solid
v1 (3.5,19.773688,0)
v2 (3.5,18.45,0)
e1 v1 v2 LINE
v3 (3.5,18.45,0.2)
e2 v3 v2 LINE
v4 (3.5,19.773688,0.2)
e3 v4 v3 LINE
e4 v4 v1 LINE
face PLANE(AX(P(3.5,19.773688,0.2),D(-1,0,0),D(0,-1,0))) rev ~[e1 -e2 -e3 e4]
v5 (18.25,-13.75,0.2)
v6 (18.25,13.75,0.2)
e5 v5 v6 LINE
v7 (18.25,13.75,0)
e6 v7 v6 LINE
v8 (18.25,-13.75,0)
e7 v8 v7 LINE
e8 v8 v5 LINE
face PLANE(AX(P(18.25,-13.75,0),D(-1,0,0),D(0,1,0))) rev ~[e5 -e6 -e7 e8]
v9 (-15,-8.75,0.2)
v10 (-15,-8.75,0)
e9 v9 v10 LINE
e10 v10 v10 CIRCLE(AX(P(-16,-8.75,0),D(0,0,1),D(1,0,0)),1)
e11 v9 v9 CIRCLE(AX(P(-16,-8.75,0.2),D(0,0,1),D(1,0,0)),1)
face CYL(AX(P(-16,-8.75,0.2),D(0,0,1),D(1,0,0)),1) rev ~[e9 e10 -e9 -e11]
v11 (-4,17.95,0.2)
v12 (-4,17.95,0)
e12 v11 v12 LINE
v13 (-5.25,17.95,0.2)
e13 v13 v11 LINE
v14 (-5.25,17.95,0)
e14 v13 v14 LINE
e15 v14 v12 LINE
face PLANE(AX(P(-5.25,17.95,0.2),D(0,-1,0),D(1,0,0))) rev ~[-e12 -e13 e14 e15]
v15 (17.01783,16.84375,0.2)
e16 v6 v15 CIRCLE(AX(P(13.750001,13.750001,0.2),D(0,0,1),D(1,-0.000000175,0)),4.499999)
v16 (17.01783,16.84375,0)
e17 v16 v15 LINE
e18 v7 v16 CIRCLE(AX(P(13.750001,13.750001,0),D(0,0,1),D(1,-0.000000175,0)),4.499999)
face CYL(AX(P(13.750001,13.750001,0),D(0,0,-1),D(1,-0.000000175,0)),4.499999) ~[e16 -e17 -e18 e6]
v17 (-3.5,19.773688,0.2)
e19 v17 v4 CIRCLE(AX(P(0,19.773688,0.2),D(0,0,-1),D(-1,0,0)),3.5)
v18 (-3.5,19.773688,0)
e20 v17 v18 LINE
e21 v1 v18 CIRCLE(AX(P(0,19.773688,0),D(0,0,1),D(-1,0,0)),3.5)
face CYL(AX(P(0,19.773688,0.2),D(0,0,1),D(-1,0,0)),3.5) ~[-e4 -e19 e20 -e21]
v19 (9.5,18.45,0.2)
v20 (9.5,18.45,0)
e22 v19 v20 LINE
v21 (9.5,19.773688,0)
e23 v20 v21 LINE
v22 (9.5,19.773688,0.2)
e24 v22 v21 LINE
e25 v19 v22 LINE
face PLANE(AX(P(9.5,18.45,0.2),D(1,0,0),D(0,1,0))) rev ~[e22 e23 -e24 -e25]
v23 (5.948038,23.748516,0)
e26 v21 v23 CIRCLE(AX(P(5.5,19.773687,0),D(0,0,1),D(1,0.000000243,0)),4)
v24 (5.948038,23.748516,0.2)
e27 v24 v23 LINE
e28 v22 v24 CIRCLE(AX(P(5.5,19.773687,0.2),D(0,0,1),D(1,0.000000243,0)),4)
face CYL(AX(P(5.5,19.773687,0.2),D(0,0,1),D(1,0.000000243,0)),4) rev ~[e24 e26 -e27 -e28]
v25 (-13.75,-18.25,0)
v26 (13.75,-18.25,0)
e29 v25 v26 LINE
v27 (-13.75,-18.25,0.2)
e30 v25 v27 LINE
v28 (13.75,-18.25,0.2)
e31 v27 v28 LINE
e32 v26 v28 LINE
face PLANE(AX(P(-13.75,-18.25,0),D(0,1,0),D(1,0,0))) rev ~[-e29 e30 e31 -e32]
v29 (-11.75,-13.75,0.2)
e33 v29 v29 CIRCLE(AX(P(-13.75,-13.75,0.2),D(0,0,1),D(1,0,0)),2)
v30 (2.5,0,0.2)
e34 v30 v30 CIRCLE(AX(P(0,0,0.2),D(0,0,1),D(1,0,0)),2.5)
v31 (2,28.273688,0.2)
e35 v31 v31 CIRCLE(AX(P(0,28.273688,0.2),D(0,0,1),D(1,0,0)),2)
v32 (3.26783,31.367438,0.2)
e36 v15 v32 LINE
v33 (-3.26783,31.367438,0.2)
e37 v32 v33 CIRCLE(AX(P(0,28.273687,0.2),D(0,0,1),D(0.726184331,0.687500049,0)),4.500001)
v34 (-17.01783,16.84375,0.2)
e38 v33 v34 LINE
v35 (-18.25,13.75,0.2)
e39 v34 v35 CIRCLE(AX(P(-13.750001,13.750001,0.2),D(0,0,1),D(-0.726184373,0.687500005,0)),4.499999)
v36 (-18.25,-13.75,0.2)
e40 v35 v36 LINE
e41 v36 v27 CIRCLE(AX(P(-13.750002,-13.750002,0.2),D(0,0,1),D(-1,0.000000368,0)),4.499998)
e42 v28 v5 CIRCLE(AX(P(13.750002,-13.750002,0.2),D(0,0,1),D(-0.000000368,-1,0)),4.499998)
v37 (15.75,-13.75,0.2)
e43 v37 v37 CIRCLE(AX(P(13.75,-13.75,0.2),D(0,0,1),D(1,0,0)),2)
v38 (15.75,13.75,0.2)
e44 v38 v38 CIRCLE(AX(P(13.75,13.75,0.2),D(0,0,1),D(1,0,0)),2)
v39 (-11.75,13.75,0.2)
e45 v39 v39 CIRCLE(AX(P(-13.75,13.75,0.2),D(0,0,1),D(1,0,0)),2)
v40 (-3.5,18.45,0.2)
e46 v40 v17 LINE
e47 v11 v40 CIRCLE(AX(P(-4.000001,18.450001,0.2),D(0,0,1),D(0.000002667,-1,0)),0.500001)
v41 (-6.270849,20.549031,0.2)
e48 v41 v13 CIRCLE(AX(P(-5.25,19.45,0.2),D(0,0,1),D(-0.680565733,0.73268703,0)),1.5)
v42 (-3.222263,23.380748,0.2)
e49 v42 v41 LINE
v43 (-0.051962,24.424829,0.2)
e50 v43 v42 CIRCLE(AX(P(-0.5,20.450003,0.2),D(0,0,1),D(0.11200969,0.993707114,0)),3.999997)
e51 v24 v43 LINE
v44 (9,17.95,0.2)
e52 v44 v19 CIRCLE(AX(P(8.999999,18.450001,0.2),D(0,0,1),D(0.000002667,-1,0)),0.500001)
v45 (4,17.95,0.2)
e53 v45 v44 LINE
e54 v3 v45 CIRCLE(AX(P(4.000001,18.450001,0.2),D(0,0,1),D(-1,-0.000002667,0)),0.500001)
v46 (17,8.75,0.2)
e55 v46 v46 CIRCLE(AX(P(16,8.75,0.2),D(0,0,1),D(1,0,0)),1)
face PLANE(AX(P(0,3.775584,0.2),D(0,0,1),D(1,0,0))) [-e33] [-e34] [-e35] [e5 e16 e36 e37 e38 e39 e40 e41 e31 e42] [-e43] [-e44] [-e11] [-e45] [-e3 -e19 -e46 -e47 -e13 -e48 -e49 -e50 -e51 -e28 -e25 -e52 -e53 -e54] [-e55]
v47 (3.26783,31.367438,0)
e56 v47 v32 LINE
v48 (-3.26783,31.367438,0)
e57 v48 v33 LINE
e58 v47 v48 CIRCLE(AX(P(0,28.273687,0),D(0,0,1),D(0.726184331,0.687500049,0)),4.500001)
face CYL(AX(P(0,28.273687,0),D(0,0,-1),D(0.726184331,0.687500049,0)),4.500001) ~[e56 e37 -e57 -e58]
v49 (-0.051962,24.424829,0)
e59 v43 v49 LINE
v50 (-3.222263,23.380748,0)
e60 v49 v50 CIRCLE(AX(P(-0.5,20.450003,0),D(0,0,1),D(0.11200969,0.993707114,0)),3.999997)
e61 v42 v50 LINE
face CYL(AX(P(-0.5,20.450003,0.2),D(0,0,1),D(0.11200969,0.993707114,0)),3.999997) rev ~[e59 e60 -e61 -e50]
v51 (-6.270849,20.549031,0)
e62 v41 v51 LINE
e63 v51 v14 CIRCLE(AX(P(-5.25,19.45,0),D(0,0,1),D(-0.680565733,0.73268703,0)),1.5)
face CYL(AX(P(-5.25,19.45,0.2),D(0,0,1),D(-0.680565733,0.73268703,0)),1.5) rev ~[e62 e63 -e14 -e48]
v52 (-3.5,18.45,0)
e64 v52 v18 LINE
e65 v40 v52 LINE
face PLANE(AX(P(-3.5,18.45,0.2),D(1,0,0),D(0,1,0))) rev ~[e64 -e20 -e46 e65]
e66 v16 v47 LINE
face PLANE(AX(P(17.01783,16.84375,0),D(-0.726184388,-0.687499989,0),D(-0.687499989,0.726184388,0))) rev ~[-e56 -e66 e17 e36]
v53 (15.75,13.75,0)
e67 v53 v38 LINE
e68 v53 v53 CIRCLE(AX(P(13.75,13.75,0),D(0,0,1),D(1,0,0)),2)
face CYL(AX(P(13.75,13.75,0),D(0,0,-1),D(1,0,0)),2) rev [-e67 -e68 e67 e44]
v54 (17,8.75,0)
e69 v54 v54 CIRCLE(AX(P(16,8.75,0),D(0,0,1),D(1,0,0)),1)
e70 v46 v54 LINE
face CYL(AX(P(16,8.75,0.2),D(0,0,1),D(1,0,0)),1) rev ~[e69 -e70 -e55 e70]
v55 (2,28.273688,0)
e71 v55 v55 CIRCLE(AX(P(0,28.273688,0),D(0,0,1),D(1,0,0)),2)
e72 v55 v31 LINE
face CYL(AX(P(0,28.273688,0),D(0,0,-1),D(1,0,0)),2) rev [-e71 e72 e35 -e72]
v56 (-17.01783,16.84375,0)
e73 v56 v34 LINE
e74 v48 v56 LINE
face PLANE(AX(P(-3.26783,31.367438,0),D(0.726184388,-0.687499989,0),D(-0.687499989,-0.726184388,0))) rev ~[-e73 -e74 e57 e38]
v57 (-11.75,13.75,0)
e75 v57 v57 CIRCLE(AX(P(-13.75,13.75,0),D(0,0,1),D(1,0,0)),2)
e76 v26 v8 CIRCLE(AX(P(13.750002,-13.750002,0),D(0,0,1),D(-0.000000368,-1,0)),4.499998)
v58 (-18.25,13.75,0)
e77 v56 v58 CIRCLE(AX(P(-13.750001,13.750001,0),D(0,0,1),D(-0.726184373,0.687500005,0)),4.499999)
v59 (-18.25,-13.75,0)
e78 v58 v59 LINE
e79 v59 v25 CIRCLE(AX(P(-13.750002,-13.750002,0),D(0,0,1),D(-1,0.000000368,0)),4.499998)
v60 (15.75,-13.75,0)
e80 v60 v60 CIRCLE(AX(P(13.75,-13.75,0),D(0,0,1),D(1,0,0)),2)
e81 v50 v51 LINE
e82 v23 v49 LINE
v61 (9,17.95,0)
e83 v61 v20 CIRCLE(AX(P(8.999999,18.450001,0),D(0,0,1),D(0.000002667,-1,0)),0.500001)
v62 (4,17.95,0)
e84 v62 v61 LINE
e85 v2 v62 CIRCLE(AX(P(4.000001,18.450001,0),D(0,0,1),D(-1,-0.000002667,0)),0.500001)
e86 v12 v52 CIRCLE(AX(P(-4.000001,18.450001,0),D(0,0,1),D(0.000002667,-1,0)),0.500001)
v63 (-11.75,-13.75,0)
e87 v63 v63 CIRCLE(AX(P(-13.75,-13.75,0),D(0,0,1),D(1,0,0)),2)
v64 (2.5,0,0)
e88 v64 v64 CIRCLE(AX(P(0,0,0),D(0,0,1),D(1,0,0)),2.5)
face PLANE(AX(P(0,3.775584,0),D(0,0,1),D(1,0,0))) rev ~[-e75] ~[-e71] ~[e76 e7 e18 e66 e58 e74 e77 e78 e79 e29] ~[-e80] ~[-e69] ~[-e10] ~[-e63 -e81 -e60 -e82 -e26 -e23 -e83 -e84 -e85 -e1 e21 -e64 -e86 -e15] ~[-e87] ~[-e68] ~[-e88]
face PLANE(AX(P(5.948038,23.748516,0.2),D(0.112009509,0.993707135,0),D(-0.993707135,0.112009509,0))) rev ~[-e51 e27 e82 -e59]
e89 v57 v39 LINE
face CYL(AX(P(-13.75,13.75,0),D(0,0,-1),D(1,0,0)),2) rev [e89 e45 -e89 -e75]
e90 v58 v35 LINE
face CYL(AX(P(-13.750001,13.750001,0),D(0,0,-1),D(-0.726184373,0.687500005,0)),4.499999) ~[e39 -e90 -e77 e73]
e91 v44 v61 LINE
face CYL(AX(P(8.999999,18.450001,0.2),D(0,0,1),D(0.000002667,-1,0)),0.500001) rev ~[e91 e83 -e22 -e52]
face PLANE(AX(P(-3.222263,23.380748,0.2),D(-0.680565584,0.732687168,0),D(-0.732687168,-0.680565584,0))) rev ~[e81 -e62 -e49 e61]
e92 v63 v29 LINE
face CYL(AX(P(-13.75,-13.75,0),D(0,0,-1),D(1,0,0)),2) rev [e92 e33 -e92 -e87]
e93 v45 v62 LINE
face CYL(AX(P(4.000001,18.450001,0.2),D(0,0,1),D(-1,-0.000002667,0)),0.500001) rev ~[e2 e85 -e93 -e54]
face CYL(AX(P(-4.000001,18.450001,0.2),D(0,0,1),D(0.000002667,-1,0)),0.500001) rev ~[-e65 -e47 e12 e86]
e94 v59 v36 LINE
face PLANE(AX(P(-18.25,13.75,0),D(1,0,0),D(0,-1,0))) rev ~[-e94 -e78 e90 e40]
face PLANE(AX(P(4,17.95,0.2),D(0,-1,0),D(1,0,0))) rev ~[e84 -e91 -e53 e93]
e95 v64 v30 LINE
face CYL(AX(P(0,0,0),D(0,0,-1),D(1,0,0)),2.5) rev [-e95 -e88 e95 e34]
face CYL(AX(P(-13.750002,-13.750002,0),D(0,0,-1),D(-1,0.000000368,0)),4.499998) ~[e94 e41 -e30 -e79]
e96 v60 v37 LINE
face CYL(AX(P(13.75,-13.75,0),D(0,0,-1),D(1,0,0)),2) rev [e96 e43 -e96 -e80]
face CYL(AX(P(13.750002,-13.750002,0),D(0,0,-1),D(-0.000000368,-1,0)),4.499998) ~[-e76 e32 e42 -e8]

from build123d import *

# Parameters (mm, degrees)
F0_R     = 2
F0_R_2   = 2.5
F1_DEPTH = 0.2
F2_R     = 1
F3_DEPTH = 0.201


with BuildPart() as f1:
    # F0 (on Top) → F1 (new body)
    with BuildSketch(Plane.XY):
        with BuildLine():
            ThreePointArc((3.26783, 31.367438), (0, 32.773688), (-3.26783, 31.367438))
            Line((-3.26783, 31.367438), (-17.01783, 16.84375))
            ThreePointArc((-17.01783, 16.84375), (-17.930624, 15.415048), (-18.25, 13.75))
            Line((-18.25, 13.75), (-18.25, -13.75))
            ThreePointArc((-18.25, -13.75), (-16.931981, -16.931981), (-13.75, -18.25))
            Line((-13.75, -18.25), (13.75, -18.25))
            ThreePointArc((13.75, -18.25), (16.931981, -16.931981), (18.25, -13.75))
            Line((18.25, -13.75), (18.25, 13.75))
            ThreePointArc((18.25, 13.75), (17.930624, 15.415048), (17.01783, 16.84375))
            Line((17.01783, 16.84375), (3.26783, 31.367438))
        make_face()
        with Locations((-13.75, -13.75)):
            Circle(F0_R, mode=Mode.SUBTRACT)
        with Locations((13.75, -13.75)):
            Circle(F0_R, mode=Mode.SUBTRACT)
        Circle(F0_R_2, mode=Mode.SUBTRACT)
        with Locations((-13.75, 13.75)):
            Circle(F0_R, mode=Mode.SUBTRACT)
        with Locations((13.75, 13.75)):
            Circle(F0_R, mode=Mode.SUBTRACT)
        with Locations((0, 28.273688)):
            Circle(F0_R, mode=Mode.SUBTRACT)
    extrude(amount=F1_DEPTH)

    # F2 (on face) → F3 (cut, through all)
    with BuildSketch(Plane.XY.offset(0.2)):
        with BuildLine():
            ThreePointArc((-3.5, 19.773688), (0, 23.273688), (3.5, 19.773688))
            Line((3.5, 19.773688), (3.5, 18.45))
            ThreePointArc((3.5, 18.45), (3.646447, 18.096447), (4, 17.95))
            Line((4, 17.95), (9, 17.95))
            ThreePointArc((9, 17.95), (9.353553, 18.096447), (9.5, 18.45))
            Line((9.5, 18.45), (9.5, 19.773688))
            ThreePointArc((9.5, 19.773688), (8.482629, 22.439006), (5.948038, 23.748516))
            Line((5.948038, 23.748516), (-0.051962, 24.424829))
            ThreePointArc((-0.051962, 24.424829), (-1.75122, 24.24927), (-3.222263, 23.380748))
            Line((-3.222263, 23.380748), (-6.270849, 20.549031))
            ThreePointArc((-6.270849, 20.549031), (-6.646164, 18.901614), (-5.25, 17.95))
            Line((-5.25, 17.95), (-4, 17.95))
            ThreePointArc((-4, 17.95), (-3.646447, 18.096447), (-3.5, 18.45))
            Line((-3.5, 18.45), (-3.5, 19.773688))
        make_face()
        with Locations((-16, -8.75)):
            Circle(F2_R)
        with Locations((16, 8.75)):
            Circle(F2_R)
    extrude(amount=-F3_DEPTH, mode=Mode.SUBTRACT)


solid = f1.part
